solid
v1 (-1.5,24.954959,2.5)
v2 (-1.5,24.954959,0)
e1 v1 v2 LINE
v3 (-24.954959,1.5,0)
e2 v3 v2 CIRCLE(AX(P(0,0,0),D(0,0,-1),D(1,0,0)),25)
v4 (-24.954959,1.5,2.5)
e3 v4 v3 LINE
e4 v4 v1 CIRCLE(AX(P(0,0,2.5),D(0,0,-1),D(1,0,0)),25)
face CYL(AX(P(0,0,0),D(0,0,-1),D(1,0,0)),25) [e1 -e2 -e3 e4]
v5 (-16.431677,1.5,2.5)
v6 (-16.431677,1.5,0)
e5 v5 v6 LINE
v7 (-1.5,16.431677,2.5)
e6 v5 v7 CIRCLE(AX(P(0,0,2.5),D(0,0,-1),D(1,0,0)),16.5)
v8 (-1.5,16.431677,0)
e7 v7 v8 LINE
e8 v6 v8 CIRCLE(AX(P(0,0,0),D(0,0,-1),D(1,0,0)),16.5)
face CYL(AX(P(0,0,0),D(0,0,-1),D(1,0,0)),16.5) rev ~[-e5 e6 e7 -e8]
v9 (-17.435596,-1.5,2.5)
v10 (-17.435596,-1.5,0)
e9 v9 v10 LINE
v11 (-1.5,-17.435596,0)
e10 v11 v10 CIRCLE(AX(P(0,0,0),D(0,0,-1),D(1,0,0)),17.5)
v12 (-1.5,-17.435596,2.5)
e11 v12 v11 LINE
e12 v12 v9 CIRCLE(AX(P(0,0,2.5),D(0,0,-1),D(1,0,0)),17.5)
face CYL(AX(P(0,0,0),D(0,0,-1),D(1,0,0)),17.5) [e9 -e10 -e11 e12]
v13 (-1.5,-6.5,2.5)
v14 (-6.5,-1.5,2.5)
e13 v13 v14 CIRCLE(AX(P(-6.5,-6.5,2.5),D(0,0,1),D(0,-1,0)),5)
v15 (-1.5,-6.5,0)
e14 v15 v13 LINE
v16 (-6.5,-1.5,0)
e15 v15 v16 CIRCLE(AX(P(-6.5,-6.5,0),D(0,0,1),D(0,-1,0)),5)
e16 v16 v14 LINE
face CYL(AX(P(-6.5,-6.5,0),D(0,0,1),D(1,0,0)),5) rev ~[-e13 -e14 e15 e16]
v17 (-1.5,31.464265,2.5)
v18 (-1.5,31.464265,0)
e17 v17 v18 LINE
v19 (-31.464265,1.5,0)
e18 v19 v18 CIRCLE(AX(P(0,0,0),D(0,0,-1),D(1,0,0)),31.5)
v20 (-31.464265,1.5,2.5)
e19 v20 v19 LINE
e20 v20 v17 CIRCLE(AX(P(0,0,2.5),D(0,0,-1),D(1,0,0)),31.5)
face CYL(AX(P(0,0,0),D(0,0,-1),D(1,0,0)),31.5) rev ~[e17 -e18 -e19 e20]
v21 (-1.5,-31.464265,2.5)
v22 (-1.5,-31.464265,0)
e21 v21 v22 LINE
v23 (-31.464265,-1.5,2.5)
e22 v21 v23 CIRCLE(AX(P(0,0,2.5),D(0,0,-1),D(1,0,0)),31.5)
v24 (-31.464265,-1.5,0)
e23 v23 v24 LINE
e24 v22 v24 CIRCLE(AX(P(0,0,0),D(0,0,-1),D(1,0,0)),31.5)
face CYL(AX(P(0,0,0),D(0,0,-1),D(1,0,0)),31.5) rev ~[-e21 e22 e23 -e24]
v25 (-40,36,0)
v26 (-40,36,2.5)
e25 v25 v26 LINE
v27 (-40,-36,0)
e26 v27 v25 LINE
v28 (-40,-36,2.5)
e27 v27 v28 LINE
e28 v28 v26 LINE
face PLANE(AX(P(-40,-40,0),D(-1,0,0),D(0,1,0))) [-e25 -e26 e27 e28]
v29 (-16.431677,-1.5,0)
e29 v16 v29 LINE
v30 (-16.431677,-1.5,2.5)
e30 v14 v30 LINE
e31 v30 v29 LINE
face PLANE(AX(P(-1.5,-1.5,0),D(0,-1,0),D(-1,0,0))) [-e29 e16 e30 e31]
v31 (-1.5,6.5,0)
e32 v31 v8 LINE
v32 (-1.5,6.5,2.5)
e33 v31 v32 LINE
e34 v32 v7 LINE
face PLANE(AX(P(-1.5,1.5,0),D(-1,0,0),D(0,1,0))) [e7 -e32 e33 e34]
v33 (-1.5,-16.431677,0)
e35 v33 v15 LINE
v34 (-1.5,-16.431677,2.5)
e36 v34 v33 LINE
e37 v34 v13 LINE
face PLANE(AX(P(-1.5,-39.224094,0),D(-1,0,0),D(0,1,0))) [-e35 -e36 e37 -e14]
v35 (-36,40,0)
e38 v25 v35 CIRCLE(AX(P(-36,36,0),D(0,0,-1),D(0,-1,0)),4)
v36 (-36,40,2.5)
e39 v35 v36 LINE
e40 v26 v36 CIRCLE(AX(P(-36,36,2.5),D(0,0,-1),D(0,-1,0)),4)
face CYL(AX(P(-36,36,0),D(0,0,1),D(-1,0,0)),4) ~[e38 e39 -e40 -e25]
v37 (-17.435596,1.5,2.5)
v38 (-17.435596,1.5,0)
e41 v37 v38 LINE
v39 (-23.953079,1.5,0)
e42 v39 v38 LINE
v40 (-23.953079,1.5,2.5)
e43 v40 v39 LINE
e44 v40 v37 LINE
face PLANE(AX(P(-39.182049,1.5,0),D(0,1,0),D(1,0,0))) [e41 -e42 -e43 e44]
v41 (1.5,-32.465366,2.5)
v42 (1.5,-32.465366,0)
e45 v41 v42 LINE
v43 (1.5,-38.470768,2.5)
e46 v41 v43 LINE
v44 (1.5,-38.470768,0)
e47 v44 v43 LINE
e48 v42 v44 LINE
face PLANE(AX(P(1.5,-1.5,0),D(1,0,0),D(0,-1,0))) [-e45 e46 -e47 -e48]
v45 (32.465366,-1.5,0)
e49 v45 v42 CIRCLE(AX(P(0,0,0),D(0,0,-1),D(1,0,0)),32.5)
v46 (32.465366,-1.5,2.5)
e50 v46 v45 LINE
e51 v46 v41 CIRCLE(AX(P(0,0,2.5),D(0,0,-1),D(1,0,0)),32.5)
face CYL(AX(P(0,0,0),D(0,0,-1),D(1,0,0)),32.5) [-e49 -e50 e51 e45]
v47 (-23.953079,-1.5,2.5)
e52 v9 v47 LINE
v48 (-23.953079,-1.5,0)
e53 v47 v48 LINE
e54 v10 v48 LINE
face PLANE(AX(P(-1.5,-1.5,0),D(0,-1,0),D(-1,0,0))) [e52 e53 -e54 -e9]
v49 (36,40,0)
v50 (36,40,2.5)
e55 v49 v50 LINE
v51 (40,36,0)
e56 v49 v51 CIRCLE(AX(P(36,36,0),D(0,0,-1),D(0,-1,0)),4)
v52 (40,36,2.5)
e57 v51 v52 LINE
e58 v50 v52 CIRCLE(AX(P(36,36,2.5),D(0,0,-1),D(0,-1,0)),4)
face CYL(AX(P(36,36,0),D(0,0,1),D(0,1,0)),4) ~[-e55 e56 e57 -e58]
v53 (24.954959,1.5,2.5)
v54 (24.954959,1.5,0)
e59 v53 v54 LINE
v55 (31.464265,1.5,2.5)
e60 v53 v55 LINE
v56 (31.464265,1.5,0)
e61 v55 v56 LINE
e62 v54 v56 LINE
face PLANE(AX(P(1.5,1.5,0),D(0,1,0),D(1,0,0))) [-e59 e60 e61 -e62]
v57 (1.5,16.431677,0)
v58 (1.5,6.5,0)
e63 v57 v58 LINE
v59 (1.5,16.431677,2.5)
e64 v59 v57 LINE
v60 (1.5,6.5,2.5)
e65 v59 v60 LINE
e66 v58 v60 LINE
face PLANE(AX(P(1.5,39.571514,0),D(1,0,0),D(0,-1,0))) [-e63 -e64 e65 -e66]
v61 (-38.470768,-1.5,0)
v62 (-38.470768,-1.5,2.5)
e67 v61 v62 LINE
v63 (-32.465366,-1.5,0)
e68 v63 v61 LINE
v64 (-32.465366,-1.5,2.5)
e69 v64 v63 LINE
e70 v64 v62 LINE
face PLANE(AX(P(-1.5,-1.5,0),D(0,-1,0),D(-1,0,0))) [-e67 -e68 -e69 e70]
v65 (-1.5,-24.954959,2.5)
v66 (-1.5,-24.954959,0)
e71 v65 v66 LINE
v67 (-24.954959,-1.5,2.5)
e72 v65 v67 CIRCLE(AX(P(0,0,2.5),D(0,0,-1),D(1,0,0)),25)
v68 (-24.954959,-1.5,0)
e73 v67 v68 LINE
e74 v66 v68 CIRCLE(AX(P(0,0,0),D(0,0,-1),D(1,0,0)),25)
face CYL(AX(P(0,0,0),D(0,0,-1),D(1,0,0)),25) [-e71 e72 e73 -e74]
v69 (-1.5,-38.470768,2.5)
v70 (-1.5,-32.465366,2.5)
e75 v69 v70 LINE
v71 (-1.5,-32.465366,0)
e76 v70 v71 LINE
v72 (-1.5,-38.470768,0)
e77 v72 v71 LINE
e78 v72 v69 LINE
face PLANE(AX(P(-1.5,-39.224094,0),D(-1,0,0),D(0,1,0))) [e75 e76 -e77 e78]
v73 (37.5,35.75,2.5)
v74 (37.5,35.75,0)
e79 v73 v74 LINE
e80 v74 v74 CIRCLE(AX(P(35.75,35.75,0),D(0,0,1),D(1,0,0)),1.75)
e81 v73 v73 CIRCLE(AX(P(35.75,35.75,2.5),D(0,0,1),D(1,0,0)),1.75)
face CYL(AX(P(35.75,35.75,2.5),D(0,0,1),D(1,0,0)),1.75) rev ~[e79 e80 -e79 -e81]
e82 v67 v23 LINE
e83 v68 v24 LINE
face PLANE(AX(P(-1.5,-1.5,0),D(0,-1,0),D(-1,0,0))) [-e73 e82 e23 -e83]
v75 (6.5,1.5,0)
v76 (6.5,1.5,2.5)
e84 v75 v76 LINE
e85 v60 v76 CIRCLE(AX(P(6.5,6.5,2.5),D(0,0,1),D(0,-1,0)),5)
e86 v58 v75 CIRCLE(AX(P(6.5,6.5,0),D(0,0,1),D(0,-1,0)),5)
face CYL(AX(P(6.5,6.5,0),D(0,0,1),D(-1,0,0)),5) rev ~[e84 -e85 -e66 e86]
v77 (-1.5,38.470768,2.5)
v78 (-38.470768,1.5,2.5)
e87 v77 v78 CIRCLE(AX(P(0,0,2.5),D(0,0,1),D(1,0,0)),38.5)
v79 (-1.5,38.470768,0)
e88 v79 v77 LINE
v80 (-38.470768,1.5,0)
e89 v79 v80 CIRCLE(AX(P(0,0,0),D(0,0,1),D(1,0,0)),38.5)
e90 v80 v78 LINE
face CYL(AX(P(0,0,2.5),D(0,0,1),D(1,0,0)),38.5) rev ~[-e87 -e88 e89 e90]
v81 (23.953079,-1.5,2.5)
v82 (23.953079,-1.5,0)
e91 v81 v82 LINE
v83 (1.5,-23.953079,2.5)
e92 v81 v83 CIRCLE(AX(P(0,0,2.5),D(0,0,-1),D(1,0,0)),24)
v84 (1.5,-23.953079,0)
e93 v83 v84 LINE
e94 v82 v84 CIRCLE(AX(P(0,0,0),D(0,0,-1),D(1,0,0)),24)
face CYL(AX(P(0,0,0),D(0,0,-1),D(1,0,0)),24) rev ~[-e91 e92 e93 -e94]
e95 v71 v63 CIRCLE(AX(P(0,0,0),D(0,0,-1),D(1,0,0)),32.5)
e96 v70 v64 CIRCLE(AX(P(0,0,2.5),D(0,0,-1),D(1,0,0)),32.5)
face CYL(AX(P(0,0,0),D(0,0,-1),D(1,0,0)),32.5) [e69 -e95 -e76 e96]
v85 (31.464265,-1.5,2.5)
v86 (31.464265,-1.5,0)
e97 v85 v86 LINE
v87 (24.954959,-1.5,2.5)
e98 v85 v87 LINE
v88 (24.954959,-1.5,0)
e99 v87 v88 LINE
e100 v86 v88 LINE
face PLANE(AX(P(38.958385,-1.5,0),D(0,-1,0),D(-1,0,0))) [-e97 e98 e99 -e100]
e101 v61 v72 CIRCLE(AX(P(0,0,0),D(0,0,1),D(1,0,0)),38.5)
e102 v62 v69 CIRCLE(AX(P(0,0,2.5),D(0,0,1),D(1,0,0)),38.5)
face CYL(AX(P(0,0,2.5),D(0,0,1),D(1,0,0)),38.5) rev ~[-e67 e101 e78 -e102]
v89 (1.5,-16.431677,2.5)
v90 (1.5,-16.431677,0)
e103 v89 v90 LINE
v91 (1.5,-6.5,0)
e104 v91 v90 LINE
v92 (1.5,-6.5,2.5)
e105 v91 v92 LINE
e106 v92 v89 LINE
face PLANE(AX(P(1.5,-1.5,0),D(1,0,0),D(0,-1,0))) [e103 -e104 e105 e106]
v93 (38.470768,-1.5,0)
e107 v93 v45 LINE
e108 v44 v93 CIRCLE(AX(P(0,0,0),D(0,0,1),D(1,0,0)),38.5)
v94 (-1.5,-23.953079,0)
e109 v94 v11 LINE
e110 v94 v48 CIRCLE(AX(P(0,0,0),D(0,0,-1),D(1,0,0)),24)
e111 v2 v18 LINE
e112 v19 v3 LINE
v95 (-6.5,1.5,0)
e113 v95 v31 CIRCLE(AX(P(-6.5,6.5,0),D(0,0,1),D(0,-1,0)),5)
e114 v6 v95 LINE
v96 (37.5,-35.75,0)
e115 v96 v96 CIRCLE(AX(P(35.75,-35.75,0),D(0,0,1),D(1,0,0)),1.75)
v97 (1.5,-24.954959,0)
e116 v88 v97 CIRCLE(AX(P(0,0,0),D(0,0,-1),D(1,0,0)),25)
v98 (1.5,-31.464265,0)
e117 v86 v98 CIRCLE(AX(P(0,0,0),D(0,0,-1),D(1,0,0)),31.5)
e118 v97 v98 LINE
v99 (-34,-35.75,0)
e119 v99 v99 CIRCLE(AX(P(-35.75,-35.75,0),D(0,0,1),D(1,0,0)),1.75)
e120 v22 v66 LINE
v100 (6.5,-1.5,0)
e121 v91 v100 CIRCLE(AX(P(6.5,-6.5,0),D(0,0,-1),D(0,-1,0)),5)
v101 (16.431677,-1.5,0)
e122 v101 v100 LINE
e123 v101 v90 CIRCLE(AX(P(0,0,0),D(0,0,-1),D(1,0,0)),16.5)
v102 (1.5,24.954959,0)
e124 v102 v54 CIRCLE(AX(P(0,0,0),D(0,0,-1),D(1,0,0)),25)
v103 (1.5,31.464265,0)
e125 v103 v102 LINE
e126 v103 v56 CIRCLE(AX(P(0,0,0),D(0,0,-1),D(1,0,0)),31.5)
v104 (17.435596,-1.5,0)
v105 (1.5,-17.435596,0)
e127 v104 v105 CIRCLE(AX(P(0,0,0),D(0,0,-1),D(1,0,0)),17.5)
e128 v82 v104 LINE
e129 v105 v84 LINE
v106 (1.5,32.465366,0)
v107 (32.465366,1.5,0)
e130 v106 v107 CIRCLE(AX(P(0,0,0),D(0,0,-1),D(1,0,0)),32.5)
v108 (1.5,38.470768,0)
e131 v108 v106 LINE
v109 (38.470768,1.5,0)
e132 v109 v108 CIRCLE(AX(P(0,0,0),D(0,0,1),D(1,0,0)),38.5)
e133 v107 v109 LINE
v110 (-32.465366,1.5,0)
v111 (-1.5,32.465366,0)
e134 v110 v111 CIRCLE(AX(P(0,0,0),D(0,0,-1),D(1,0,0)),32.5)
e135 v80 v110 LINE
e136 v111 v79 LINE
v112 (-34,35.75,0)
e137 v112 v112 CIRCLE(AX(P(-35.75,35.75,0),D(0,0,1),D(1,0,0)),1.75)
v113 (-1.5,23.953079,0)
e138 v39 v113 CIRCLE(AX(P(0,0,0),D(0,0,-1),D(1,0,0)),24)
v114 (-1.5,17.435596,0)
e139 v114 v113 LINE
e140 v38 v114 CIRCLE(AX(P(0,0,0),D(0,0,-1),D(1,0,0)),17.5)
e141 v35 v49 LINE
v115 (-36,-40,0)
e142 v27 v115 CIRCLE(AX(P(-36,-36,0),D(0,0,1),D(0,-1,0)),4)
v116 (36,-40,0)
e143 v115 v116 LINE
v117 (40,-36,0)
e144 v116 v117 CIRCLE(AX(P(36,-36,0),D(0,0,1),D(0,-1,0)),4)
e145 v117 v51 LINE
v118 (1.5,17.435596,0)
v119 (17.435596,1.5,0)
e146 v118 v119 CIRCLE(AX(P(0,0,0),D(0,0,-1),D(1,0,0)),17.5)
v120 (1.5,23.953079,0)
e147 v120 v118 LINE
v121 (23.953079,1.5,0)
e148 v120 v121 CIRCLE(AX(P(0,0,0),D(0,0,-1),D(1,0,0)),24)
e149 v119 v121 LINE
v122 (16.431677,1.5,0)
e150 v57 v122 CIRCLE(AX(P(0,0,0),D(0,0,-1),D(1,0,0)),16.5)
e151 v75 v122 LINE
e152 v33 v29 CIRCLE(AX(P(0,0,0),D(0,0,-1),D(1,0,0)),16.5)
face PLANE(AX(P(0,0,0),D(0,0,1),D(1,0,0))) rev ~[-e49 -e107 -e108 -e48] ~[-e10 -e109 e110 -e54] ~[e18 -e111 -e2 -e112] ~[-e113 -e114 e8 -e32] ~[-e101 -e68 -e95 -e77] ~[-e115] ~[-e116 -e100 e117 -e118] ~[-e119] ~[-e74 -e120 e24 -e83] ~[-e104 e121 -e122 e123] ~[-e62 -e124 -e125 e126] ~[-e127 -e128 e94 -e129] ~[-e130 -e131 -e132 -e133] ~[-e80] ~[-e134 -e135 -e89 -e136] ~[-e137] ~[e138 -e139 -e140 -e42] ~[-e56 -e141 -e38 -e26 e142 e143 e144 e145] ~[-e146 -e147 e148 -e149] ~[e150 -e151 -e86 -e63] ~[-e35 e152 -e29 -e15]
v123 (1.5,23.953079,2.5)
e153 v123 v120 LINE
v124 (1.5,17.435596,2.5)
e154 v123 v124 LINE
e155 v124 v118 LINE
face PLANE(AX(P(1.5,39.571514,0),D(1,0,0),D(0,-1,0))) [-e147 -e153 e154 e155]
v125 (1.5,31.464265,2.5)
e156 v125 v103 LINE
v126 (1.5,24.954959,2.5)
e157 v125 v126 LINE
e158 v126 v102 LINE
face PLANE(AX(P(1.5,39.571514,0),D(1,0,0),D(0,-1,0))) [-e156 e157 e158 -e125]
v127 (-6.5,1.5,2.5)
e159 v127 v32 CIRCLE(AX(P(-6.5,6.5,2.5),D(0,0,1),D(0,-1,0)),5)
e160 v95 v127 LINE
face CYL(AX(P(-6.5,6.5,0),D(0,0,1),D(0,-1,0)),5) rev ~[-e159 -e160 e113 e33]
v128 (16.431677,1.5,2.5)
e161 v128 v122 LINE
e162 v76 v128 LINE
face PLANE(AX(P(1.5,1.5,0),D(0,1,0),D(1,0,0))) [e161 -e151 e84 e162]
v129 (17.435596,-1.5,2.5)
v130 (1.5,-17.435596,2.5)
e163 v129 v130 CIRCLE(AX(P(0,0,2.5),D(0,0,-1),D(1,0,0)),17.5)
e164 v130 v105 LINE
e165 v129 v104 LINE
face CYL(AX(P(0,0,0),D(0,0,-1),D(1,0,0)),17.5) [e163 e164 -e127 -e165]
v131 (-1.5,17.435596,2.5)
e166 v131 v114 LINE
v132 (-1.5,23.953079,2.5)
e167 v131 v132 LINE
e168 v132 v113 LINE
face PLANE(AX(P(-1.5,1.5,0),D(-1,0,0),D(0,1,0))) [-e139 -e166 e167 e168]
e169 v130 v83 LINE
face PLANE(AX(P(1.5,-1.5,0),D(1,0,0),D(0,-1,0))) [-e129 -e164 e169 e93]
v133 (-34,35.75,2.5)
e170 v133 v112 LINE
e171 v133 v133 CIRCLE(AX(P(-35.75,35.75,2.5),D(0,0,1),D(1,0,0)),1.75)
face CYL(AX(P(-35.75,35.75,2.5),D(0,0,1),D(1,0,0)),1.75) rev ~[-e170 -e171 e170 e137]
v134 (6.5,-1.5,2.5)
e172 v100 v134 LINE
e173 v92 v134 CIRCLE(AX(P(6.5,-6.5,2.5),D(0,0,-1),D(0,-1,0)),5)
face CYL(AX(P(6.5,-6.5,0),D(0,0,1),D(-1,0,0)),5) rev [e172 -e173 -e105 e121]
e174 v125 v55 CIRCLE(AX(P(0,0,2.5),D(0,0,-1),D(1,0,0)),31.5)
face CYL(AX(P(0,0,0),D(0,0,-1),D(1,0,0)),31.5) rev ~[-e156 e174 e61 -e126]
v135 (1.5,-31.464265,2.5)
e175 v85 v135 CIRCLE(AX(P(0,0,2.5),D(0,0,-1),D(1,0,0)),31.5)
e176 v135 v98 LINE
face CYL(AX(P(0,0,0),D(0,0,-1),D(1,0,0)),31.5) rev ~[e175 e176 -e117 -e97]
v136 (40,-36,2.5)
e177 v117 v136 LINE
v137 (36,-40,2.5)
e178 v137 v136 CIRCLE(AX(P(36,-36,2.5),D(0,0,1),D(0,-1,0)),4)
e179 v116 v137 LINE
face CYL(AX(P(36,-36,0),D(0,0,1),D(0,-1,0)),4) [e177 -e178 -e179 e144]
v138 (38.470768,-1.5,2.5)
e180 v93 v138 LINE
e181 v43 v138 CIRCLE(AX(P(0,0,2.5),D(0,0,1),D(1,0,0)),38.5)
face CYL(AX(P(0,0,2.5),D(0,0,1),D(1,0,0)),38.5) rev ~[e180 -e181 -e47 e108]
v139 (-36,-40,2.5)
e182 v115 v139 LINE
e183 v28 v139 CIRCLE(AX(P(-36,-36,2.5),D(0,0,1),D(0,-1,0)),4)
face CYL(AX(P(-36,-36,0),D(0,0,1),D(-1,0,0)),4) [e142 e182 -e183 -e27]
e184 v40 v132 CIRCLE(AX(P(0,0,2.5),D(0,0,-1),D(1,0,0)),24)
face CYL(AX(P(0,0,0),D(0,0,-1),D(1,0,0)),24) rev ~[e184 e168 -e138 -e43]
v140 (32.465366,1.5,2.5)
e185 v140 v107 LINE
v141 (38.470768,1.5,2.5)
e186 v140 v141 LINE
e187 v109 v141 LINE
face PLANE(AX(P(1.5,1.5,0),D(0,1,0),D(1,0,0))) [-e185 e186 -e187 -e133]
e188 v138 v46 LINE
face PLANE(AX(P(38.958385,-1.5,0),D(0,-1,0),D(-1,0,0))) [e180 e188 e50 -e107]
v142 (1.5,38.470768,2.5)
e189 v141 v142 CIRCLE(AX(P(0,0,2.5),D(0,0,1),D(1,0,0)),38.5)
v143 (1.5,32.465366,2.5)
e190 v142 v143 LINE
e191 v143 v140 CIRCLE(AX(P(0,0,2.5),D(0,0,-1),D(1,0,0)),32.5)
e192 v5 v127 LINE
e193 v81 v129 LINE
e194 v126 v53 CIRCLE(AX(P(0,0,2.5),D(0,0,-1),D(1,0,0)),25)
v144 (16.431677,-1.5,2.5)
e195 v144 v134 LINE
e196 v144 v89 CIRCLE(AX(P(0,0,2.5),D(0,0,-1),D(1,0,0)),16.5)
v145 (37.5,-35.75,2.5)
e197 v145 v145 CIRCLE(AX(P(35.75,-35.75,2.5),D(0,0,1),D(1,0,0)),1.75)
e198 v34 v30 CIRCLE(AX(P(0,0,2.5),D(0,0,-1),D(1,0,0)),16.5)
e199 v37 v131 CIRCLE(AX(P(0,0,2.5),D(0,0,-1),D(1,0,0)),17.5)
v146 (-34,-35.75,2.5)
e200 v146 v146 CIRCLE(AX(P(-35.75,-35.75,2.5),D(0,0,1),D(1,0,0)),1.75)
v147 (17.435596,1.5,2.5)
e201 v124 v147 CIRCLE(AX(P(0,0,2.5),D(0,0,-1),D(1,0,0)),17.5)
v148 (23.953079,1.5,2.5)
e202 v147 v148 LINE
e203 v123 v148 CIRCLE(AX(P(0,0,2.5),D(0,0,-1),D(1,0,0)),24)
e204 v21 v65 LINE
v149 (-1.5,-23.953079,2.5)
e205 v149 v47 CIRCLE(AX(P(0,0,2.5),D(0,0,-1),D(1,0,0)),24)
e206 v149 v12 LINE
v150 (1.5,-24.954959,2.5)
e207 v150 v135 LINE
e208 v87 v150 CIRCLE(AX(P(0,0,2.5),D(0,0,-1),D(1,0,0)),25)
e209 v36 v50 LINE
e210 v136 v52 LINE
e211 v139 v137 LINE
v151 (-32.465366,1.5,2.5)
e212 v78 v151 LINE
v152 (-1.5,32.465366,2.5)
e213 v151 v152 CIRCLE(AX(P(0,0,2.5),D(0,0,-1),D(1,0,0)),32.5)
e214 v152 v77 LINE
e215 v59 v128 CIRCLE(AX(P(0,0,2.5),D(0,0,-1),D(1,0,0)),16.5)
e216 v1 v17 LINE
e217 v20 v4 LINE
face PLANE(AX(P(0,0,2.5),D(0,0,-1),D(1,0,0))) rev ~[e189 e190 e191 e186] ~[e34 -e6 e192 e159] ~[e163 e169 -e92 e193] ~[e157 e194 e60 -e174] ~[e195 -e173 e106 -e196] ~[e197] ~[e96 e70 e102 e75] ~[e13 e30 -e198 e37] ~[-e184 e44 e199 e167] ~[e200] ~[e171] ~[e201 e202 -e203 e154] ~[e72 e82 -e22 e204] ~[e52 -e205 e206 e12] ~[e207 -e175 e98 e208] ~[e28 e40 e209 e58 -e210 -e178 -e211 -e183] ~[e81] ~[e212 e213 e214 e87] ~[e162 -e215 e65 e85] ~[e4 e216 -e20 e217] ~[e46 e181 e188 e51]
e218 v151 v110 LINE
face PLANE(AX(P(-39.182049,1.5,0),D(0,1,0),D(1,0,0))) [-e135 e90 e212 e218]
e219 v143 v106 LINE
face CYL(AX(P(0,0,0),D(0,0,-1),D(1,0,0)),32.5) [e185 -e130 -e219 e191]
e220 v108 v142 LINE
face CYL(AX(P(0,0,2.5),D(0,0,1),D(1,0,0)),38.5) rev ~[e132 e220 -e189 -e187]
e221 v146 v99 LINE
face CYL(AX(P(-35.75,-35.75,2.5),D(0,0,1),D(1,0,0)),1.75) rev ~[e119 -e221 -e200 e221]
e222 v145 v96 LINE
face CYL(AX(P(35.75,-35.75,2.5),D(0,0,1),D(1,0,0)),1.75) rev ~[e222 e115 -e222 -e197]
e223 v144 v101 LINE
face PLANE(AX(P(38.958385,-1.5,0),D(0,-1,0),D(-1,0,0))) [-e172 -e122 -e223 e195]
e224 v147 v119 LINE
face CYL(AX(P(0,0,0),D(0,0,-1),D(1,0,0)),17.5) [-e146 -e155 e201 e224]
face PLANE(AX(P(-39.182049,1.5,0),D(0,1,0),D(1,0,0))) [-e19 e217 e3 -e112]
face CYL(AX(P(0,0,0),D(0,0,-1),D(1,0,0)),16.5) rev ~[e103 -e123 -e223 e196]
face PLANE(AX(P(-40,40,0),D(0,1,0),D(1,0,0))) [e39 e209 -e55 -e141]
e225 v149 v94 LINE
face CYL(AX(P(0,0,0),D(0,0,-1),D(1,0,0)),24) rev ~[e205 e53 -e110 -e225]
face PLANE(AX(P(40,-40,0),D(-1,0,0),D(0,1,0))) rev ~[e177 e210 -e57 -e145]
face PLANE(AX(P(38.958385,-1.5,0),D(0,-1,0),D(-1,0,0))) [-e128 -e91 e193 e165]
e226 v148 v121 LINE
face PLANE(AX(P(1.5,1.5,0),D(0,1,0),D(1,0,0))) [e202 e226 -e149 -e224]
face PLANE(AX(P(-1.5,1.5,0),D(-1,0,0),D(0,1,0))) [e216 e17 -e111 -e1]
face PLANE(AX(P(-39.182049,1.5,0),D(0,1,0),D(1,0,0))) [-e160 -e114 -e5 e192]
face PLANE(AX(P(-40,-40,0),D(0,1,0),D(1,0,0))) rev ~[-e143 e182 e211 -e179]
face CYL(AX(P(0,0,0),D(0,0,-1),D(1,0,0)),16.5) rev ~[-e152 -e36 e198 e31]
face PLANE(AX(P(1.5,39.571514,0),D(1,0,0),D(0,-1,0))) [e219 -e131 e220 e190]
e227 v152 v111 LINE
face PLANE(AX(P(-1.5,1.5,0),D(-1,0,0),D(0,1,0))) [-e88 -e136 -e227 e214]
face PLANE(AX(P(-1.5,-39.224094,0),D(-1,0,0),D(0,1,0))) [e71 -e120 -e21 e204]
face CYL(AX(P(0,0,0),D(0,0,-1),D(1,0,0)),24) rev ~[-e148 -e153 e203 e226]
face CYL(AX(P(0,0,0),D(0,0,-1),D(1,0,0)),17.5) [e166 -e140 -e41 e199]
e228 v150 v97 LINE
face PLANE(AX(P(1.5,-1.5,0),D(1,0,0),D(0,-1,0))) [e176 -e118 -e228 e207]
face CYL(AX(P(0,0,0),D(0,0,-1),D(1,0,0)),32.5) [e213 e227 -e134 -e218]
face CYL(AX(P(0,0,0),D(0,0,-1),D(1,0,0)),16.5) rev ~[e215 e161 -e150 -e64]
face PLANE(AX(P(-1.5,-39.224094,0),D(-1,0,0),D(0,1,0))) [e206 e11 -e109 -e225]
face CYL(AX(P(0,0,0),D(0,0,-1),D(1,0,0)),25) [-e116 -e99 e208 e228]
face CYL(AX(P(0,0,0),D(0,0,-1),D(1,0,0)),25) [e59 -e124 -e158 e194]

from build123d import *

# Parameters (mm, degrees)
SKETCH_W      = 80
SKETCH_H      = 80
PAD_DEPTH     = 2.5
SKETCH001_R   = 38.5
SKETCH001_R_2 = 1.75
POCKET_DEPTH  = 5
PAD001_DEPTH  = 2.5
SKETCH003_R   = 32.5
SKETCH003_R_2 = 31.5
PAD002_DEPTH  = 2.5
SKETCH004_R   = 25
SKETCH004_R_2 = 24
PAD003_DEPTH  = 2.5
SKETCH005_R   = 17.5
SKETCH005_R_2 = 16.5
PAD004_DEPTH  = 2.5
FILLET_R      = 4
FILLET001_R   = 5


with BuildPart() as part:
    # Sketch → Pad (new body)
    with BuildSketch(Plane.XY):
        Rectangle(SKETCH_W, SKETCH_H)
    extrude(amount=PAD_DEPTH)

    # Sketch001 (on Face6 of Pad) → Pocket (cut)
    with BuildSketch(Plane.XY.offset(2.5)):
        Circle(SKETCH001_R)
        with Locations((35.75, 35.75)):
            Circle(SKETCH001_R_2)
        with Locations((-35.75, 35.75)):
            Circle(SKETCH001_R_2)
        with Locations((-35.75, -35.75)):
            Circle(SKETCH001_R_2)
        with Locations((35.75, -35.75)):
            Circle(SKETCH001_R_2)
    extrude(amount=-POCKET_DEPTH, mode=Mode.SUBTRACT)

    # Sketch002 (on Face4 of Pocket) → Pad001 (join)
    with BuildSketch(Plane(origin=(0, 0, 0), x_dir=(1, 0, 0), z_dir=(0, 0, -1))):
        Polygon((1.5, 39.224094), (-1.5, 39.224094), (-1.5, 1.5), (-39.182049, 1.5), (-39.182049, -1.5), (-1.5, -1.5), (-1.5, -39.571514), (1.5, -39.571514), (1.5, -1.5), (38.958385, -1.5), (38.958385, 1.5), (1.5, 1.5), align=None)
    extrude(amount=-PAD001_DEPTH)

    # Sketch003 (on Face23 of Pad001) → Pad002 (join)
    with BuildSketch(Plane(origin=(0, 0, 0), x_dir=(1, 0, 0), z_dir=(0, 0, -1))):
        Circle(SKETCH003_R)
        Circle(SKETCH003_R_2, mode=Mode.SUBTRACT)
    extrude(amount=-PAD002_DEPTH)

    # Sketch004 (on Face53 of Pad002) → Pad003 (join)
    with BuildSketch(Plane(origin=(0, 0, 0), x_dir=(1, 0, 0), z_dir=(0, 0, -1))):
        Circle(SKETCH004_R)
        Circle(SKETCH004_R_2, mode=Mode.SUBTRACT)
    extrude(amount=-PAD003_DEPTH)

    # Sketch005 (on Face89 of Pad003) → Pad004 (join)
    with BuildSketch(Plane(origin=(0, 0, 0), x_dir=(1, 0, 0), z_dir=(0, 0, -1))):
        Circle(SKETCH005_R)
        Circle(SKETCH005_R_2, mode=Mode.SUBTRACT)
    extrude(amount=-PAD004_DEPTH)

    # Fillet
    fillet_edges = [part.edges().sort_by_distance(p)[0] for p in [
        (-40, 40, 1.25),
        (40, 40, 1.25),
        (40, -40, 1.25),
        (-40, -40, 1.25),
    ]]
    fillet(fillet_edges, radius=FILLET_R)

    # Fillet001
    fillet001_edges = [part.edges().sort_by_distance(p)[0] for p in [
        (-1.5, 1.5, 1.25),
        (-1.5, -1.5, 1.25),
        (1.5, -1.5, 1.25),
        (1.5, 1.5, 1.25),
    ]]
    fillet(fillet001_edges, radius=FILLET001_R)


solid = part.part
